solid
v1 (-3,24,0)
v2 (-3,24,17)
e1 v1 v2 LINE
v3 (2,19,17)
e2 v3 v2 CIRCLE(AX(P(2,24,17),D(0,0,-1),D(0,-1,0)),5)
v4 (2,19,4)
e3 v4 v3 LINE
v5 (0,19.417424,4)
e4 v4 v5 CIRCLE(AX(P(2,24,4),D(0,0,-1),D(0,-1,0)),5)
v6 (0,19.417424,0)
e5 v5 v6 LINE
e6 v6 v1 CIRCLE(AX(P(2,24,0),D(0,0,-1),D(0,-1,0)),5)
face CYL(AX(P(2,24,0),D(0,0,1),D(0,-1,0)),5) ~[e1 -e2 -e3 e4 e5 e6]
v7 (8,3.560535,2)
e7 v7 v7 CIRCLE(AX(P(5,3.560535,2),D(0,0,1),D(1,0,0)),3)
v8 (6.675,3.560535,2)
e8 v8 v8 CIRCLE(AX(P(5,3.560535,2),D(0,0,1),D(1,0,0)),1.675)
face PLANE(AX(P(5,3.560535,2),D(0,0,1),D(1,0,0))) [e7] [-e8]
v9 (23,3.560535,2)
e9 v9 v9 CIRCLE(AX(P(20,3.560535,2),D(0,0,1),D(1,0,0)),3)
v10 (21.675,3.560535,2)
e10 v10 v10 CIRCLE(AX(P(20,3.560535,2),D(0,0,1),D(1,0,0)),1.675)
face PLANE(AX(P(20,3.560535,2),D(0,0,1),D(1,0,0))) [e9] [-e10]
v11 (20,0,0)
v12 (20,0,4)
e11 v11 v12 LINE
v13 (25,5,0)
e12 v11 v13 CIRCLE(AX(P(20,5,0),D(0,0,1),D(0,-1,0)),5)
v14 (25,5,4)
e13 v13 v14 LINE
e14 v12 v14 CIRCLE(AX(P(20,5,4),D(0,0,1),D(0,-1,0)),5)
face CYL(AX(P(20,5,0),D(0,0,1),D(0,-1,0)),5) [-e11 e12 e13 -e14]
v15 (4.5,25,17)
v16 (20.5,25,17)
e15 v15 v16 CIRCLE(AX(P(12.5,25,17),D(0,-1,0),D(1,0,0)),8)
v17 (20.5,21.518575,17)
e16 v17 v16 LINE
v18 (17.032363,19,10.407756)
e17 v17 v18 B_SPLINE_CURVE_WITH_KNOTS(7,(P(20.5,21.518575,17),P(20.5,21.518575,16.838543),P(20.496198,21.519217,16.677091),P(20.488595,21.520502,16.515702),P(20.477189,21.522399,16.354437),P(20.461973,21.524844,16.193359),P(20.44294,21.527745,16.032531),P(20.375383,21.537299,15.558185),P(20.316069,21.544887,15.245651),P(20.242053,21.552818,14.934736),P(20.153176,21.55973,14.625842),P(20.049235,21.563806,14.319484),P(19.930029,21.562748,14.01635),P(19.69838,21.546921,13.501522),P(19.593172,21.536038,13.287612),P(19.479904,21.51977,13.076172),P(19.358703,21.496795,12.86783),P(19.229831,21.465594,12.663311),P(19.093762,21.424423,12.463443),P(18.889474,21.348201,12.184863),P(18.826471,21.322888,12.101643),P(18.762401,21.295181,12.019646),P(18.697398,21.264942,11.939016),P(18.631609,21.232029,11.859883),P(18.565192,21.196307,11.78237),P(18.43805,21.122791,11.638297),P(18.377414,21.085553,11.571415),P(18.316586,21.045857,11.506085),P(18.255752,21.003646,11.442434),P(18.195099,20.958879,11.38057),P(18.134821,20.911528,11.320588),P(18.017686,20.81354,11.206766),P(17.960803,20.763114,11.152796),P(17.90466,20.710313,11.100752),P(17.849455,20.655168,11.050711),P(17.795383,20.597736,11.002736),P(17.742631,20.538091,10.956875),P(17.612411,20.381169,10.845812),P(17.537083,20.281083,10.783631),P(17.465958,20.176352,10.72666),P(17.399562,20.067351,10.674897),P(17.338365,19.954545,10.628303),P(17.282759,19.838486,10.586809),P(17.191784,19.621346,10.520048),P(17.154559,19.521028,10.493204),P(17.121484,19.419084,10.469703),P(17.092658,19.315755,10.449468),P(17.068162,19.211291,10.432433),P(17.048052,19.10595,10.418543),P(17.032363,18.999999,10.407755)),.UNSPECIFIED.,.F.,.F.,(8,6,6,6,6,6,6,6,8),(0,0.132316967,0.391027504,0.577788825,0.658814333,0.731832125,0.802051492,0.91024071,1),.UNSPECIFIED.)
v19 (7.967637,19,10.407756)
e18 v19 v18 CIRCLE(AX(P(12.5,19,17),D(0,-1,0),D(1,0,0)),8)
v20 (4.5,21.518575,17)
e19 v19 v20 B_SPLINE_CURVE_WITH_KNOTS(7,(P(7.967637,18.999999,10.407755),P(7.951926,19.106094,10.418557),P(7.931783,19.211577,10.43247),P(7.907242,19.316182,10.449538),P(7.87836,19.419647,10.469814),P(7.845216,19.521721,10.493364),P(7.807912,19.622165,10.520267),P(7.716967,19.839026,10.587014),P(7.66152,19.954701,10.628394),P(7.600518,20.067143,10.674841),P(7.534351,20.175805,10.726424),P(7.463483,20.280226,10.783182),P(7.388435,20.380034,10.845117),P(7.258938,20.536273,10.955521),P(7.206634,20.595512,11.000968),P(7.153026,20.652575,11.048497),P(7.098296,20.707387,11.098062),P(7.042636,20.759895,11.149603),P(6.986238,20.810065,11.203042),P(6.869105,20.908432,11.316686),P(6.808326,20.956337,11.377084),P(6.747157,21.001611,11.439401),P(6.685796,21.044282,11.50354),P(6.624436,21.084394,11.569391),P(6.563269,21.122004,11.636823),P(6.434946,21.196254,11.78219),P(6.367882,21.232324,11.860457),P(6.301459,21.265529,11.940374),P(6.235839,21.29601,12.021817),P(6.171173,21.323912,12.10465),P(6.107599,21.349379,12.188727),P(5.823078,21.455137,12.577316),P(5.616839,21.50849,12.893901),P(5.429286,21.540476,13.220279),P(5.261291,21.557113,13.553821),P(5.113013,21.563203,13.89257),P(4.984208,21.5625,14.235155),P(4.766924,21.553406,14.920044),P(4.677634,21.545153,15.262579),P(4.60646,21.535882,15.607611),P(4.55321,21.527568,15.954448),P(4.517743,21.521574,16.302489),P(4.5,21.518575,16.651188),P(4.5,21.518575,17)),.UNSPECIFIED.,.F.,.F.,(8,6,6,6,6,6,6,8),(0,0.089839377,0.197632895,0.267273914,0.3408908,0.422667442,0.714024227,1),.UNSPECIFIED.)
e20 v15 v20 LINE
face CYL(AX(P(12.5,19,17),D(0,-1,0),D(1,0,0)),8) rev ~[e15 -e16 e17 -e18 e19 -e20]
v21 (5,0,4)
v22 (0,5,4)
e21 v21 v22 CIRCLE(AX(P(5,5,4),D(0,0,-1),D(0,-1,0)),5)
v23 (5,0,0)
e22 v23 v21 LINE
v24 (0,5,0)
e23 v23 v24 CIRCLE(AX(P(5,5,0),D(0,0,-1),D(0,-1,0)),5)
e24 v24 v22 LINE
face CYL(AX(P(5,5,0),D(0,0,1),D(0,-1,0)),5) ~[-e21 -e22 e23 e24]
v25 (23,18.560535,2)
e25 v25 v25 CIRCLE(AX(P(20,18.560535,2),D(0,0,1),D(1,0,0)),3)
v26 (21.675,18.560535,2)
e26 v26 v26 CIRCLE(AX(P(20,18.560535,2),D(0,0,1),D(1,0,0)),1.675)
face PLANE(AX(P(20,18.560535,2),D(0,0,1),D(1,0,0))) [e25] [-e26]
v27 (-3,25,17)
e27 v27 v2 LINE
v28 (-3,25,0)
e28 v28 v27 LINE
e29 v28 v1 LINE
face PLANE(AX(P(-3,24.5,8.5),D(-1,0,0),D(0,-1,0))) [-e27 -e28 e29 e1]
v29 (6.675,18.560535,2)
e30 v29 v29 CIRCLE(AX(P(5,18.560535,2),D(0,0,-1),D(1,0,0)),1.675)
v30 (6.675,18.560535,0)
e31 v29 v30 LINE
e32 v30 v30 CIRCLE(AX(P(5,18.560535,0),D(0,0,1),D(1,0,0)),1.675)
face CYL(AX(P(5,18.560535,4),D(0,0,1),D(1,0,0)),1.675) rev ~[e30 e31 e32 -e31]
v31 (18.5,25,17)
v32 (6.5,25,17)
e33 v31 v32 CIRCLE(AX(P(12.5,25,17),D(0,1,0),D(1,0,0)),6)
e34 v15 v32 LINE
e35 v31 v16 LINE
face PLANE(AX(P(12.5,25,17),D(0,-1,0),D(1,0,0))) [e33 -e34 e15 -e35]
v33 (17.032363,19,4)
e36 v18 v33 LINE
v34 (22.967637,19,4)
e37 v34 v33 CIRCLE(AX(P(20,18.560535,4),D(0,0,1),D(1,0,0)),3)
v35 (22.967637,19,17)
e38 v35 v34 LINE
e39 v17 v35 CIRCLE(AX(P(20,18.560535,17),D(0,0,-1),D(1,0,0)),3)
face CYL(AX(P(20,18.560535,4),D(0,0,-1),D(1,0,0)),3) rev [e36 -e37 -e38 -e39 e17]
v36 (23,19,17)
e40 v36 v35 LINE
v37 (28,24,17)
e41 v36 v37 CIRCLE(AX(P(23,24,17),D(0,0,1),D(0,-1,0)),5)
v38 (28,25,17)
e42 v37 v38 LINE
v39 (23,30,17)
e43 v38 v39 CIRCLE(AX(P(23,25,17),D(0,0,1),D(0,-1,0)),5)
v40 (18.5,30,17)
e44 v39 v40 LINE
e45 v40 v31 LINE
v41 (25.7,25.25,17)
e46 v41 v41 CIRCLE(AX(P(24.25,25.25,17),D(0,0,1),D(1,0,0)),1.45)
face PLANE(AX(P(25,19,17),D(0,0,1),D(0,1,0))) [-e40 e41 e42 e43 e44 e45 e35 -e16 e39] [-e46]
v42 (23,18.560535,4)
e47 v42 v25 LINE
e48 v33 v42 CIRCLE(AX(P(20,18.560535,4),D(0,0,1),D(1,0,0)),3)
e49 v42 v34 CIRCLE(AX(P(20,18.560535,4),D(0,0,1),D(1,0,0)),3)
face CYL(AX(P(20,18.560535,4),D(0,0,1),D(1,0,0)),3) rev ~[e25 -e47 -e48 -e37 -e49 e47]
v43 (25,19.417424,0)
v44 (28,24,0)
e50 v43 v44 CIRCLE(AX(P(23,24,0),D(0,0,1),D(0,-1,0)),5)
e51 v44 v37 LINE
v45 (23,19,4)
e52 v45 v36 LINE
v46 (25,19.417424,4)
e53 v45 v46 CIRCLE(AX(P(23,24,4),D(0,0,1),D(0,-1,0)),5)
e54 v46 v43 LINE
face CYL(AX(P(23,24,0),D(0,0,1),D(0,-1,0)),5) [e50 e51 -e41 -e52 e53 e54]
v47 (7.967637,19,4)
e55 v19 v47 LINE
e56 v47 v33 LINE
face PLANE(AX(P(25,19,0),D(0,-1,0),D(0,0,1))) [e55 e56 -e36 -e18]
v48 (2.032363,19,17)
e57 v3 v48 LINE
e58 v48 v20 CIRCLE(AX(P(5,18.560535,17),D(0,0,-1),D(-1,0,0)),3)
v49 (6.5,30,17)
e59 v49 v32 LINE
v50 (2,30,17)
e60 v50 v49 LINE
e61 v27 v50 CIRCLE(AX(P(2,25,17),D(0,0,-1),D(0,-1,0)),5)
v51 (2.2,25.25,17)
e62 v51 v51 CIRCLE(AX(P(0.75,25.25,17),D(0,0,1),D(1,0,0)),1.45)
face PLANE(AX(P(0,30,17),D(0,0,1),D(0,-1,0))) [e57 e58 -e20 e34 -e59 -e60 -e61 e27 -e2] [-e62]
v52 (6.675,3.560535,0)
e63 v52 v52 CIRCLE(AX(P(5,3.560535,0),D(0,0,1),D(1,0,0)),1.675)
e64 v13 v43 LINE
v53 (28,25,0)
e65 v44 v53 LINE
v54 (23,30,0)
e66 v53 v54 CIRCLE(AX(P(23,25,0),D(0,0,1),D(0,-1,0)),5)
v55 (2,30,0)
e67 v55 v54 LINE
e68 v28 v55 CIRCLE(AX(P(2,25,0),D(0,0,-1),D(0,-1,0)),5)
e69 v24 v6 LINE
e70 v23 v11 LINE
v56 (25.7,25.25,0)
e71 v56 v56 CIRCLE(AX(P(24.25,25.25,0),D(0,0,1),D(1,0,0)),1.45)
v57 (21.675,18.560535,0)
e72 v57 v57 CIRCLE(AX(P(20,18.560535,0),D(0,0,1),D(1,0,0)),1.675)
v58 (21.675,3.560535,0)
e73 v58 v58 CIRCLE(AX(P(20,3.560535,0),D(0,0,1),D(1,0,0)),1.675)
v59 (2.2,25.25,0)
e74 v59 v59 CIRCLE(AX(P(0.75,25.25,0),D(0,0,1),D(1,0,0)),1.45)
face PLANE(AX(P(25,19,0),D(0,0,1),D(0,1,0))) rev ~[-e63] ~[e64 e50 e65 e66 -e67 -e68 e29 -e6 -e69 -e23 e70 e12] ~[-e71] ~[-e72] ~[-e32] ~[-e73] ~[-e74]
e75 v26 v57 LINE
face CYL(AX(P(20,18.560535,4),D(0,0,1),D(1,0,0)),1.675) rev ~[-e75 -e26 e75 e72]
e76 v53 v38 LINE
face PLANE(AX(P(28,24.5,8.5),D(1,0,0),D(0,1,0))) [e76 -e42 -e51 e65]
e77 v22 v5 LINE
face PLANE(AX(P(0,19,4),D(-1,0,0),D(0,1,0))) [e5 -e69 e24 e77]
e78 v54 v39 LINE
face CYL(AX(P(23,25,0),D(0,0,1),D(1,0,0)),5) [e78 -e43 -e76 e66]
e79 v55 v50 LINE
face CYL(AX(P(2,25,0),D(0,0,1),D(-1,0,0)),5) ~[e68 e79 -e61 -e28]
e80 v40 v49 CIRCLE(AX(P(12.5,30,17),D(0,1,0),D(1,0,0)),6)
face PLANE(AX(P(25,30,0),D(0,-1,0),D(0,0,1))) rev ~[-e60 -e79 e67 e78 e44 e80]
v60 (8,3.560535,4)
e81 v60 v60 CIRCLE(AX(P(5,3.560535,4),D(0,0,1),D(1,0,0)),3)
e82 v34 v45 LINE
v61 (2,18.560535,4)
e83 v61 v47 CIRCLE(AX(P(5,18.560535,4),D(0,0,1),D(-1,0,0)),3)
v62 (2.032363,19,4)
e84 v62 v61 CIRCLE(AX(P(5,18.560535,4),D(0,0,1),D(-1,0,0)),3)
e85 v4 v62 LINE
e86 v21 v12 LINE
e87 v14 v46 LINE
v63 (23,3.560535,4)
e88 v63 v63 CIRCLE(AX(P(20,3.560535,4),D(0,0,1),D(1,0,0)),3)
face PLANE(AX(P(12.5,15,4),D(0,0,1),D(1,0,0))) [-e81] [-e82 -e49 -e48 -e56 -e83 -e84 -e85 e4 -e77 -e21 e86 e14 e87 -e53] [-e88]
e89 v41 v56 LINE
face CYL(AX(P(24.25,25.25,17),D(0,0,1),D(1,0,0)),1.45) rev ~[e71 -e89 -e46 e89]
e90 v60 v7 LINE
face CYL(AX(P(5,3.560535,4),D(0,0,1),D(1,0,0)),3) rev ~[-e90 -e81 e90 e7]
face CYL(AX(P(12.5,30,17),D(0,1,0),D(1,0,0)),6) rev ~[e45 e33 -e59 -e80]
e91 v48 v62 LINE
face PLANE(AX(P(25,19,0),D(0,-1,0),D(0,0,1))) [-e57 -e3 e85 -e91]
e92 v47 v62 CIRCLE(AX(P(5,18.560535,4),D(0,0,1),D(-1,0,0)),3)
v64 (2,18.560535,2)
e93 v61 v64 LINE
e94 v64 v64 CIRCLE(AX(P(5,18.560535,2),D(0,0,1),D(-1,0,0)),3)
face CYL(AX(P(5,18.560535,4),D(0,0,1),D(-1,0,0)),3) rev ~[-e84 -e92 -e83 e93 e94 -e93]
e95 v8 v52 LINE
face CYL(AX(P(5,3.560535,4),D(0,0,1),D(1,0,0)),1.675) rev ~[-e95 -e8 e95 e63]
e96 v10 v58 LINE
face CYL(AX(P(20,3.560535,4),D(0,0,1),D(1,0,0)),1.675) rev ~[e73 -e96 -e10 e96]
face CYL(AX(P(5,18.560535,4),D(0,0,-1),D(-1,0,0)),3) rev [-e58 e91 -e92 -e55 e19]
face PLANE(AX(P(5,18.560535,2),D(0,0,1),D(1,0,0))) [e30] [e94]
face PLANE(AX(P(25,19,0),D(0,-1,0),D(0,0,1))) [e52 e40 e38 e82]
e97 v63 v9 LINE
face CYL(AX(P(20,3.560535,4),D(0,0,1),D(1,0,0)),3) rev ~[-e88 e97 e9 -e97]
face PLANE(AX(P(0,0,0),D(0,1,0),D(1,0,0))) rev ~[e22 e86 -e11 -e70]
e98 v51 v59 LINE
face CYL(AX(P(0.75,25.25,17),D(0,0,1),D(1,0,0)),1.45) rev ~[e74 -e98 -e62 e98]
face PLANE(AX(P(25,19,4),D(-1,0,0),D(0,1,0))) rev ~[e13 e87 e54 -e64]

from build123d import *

# Parameters (mm, degrees)
F0_W      = 25
F0_H      = 30
F1_DEPTH  = 4
F2_R      = 1.675
F3_DEPTH  = 25
F4_W      = 25
F4_H      = 11
F5_DEPTH  = 13
F7_DEPTH  = 6
F8_R      = 8
F9_DEPTH  = 6
F2_R_2    = 3
F10_DEPTH = 2
F11_W     = 11
F11_H     = 17
F12_DEPTH = 3
F13_R     = 5
F14_W     = 11
F14_H     = 17
F15_DEPTH = 3
F16_R     = 1.45
F17_DEPTH = 25
F18_R     = 5
F19_DEPTH = 25


with BuildPart() as f1:
    # F0 (on Top) → F1 (new body)
    with BuildSketch(Plane.XY):
        with Locations((12.5, 15)):
            Rectangle(F0_W, F0_H)
    extrude(amount=F1_DEPTH)

    # F2 (on face) → F3 (cut)
    with BuildSketch(Plane.XY.offset(4)):
        with BuildLine():
            ThreePointArc((3.325, 18.5605346784), (5, 16.8855346784), (6.675, 18.5605346784))
            ThreePointArc((6.675, 18.5605346784), (5, 20.2355346784), (3.325, 18.5605346784))
        make_face()
        with Locations((20, 18.5605346784)):
            Circle(F2_R)
        with Locations((20, 3.5605346784)):
            Circle(F2_R)
        with Locations((5, 3.5605346784)):
            Circle(F2_R)
    extrude(amount=-F3_DEPTH, mode=Mode.SUBTRACT)

    # F4 (on face) → F5 (join)
    with BuildSketch(Plane.XY.offset(4)):
        with Locations((12.5, 24.5)):
            Rectangle(F4_W, F4_H)
    extrude(amount=F5_DEPTH)

    # F6 (on face) → F7 (cut)
    with BuildSketch(Plane(origin=(0, 30, 0), x_dir=(-1, 0, 0), z_dir=(0, 1, 0))):
        with BuildLine():
            ThreePointArc((-18.5, 17), (-12.5, 11), (-6.5, 17))
            Line((-6.5, 17), (-18.5, 17))
        make_face()
    extrude(amount=-F7_DEPTH, mode=Mode.SUBTRACT)

    # F8 (on face) → F9 (cut)
    with BuildSketch(Plane.XZ.offset(-19)):
        with Locations((12.5, 17)):
            Circle(F8_R)
    extrude(amount=-F9_DEPTH, mode=Mode.SUBTRACT)

    # F2 (on face) → F10 (cut)
    with BuildSketch(Plane.XY.offset(4)):
        with BuildLine():
            ThreePointArc((8, 18.5605346784), (5, 21.5605346784), (2, 18.5605346784))
            ThreePointArc((2, 18.5605346784), (5, 15.5605346784), (8, 18.5605346784))
        make_face()
        with BuildLine():
            ThreePointArc((3.325, 18.5605346784), (5, 20.2355346784), (6.675, 18.5605346784))
            ThreePointArc((6.675, 18.5605346784), (5, 16.8855346784), (3.325, 18.5605346784))
        make_face(mode=Mode.SUBTRACT)
        with Locations((20, 18.5605346784)):
            Circle(F2_R_2)
        with Locations((20, 18.5605346784)):
            Circle(F2_R, mode=Mode.SUBTRACT)
        with Locations((20, 3.5605346784)):
            Circle(F2_R_2)
        with Locations((20, 3.5605346784)):
            Circle(F2_R, mode=Mode.SUBTRACT)
        with Locations((5, 3.5605346784)):
            Circle(F2_R_2)
        with Locations((5, 3.5605346784)):
            Circle(F2_R, mode=Mode.SUBTRACT)
    extrude(amount=-F10_DEPTH, mode=Mode.SUBTRACT)

    # F11 (on face) → F12 (join)
    with BuildSketch(Plane(origin=(0, 0, 0), x_dir=(0, -1, 0), z_dir=(-1, 0, 0))):
        with Locations((-24.5, 8.5)):
            Rectangle(F11_W, F11_H)
    extrude(amount=F12_DEPTH)

    # F13
    f13_edges = [f1.edges().sort_by_distance(p)[0] for p in [
        (0, 0, 2),
        (25, 0, 2),
    ]]
    fillet(f13_edges, radius=F13_R)

    # F14 (on face) → F15 (join)
    with BuildSketch(Plane.YZ.offset(25)):
        with Locations((24.5, 8.5)):
            Rectangle(F14_W, F14_H)
    extrude(amount=F15_DEPTH)

    # F16 (on face) → F17 (cut)
    with BuildSketch(Plane.XY.offset(17)):
        with Locations((0.7500000062, 25.25)):
            Circle(F16_R)
        with Locations((24.2500000062, 25.25)):
            Circle(F16_R)
    extrude(amount=-F17_DEPTH, mode=Mode.SUBTRACT)

    # F18
    f18_edges = [f1.edges().sort_by_distance(p)[0] for p in [
        (-3, 19, 8.5),
        (28, 19, 8.5),
        (28, 30, 8.5),
        (-3, 30, 8.5),
    ]]
    fillet(f18_edges, radius=F18_R)

    # F2 (on face) → F19 (cut)
    with BuildSketch(Plane.XY.offset(4)):
        with BuildLine():
            ThreePointArc((8, 18.5605346784), (5, 21.5605346784), (2, 18.5605346784))
            ThreePointArc((2, 18.5605346784), (5, 15.5605346784), (8, 18.5605346784))
        make_face()
        with BuildLine():
            ThreePointArc((3.325, 18.5605346784), (5, 20.2355346784), (6.675, 18.5605346784))
            ThreePointArc((6.675, 18.5605346784), (5, 16.8855346784), (3.325, 18.5605346784))
        make_face(mode=Mode.SUBTRACT)
        with Locations((20, 18.5605346784)):
            Circle(F2_R_2)
        with Locations((20, 18.5605346784)):
            Circle(F2_R, mode=Mode.SUBTRACT)
        with BuildLine():
            ThreePointArc((3.325, 18.5605346784), (5, 16.8855346784), (6.675, 18.5605346784))
            ThreePointArc((6.675, 18.5605346784), (5, 20.2355346784), (3.325, 18.5605346784))
        make_face()
        with Locations((20, 18.5605346784)):
            Circle(F2_R)
    extrude(amount=F19_DEPTH, mode=Mode.SUBTRACT)


solid = f1.part
